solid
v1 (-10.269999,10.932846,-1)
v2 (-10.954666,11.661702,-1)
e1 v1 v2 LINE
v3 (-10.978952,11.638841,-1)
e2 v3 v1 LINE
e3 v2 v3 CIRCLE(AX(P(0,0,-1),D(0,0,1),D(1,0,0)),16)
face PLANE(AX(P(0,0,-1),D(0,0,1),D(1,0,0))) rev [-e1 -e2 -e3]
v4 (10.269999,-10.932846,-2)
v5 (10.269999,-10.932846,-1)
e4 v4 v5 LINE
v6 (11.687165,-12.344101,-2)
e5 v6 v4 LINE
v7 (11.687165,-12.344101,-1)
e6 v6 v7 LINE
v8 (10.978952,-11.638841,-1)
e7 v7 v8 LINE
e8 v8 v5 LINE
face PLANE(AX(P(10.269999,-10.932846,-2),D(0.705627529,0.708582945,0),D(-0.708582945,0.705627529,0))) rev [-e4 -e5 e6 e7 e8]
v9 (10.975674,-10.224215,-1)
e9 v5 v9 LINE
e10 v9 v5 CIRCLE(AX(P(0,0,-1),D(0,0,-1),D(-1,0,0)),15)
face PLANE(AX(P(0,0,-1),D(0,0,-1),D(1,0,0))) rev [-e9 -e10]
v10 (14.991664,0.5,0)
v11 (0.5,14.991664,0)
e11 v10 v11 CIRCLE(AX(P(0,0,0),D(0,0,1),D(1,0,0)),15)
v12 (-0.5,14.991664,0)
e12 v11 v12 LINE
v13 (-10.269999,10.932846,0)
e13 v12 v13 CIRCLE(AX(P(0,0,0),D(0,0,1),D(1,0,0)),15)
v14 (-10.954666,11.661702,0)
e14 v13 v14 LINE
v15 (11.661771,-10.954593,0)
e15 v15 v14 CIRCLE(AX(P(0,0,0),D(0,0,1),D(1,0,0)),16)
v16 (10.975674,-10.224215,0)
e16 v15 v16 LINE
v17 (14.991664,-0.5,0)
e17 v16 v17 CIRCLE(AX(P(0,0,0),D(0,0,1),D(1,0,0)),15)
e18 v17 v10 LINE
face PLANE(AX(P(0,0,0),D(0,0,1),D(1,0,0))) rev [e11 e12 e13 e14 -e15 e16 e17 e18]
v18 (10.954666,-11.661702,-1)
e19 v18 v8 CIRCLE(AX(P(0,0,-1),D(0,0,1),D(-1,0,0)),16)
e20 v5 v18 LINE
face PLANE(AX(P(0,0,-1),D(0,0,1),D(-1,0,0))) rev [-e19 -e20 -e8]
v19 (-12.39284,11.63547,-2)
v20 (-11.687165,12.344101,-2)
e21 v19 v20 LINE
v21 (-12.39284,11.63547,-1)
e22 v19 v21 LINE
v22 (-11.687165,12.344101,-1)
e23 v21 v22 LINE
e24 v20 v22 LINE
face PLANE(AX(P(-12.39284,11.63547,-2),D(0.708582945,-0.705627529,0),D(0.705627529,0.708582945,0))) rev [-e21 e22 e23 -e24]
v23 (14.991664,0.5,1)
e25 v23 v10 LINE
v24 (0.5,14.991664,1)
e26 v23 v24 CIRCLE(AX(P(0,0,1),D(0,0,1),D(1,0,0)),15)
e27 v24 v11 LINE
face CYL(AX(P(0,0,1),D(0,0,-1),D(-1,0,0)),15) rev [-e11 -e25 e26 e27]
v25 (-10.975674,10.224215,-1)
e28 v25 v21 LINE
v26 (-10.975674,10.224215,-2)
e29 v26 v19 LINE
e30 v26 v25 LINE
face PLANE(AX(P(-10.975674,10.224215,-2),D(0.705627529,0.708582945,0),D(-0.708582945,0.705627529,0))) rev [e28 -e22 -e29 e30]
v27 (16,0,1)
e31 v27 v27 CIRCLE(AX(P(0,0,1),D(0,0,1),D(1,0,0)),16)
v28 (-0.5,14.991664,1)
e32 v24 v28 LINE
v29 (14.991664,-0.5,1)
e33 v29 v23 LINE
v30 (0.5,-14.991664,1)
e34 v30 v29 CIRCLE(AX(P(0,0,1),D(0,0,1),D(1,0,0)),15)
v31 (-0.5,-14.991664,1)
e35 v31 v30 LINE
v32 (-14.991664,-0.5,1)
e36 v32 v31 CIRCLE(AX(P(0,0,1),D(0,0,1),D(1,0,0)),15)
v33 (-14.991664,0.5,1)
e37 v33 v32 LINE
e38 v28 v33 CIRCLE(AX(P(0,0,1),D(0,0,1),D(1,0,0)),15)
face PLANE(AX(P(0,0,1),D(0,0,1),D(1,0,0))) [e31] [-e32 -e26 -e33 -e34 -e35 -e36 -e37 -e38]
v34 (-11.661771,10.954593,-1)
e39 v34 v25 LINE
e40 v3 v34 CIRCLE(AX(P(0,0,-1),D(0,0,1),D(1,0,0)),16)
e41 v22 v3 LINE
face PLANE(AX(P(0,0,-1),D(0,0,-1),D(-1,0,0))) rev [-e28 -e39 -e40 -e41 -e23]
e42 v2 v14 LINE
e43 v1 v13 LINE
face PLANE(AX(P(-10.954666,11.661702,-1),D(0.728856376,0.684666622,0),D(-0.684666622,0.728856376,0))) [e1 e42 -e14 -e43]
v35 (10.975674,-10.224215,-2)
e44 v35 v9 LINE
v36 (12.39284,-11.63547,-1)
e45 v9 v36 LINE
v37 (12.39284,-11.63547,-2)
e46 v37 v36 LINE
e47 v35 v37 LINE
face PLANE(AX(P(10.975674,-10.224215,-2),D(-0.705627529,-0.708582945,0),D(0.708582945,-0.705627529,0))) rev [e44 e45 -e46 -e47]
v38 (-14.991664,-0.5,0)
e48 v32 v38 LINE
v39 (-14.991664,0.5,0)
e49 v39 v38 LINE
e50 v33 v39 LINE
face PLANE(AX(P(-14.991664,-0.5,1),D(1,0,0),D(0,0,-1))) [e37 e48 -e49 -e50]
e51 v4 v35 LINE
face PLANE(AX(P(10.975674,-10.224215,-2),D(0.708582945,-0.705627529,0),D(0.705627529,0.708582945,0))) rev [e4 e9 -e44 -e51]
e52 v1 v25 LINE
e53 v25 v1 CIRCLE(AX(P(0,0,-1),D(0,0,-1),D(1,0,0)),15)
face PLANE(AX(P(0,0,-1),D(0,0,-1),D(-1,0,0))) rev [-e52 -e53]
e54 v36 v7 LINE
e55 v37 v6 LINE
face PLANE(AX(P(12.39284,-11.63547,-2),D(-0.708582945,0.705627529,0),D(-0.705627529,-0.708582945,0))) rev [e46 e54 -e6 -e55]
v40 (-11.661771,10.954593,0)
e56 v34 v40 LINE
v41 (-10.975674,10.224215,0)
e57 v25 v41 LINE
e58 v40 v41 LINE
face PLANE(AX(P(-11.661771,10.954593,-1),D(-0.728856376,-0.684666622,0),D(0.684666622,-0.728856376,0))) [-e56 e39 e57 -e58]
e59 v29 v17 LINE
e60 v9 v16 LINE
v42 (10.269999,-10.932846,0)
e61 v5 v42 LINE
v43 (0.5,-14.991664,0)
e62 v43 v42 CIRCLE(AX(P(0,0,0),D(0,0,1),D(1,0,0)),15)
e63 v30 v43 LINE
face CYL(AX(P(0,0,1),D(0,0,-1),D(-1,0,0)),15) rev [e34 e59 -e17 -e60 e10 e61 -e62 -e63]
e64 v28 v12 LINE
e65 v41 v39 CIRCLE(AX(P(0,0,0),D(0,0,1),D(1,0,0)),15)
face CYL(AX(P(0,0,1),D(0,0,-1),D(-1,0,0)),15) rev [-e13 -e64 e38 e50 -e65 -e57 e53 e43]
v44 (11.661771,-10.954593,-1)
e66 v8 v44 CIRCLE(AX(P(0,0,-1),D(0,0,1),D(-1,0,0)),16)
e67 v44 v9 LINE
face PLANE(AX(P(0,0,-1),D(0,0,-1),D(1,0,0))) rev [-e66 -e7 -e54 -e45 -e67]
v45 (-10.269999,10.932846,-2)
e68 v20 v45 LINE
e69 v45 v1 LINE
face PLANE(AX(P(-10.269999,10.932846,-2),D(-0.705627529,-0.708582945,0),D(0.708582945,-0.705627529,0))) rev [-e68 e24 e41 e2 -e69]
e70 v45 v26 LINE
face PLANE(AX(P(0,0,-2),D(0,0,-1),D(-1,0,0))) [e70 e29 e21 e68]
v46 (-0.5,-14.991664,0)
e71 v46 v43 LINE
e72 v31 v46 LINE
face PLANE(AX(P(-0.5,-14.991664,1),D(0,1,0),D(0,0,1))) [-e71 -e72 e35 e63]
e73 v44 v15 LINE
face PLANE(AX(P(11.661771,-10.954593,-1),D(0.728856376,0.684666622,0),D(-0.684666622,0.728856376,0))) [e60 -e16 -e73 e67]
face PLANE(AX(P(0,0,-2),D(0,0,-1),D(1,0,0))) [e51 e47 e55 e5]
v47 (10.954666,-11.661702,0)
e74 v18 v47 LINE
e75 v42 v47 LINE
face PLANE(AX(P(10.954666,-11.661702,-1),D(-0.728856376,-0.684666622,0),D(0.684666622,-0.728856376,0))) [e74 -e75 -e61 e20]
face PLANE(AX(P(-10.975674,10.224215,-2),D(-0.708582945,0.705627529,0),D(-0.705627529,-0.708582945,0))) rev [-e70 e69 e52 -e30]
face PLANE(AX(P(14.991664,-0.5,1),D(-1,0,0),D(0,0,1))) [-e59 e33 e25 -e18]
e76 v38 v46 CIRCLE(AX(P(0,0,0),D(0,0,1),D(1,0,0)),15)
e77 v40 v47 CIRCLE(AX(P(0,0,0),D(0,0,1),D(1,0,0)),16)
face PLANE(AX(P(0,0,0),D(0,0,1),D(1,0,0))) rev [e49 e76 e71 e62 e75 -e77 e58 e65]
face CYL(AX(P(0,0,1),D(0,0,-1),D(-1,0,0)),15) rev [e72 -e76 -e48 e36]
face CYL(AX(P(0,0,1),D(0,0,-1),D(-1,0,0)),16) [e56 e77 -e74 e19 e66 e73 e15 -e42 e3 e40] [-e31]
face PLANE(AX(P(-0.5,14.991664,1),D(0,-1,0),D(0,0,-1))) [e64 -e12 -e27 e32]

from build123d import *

# Parameters (mm, degrees)
SKETCH5_R           = 16
BOSS_EXTRUDE1_DEPTH = 1
BOSS_EXTRUDE7_DEPTH = 1
BOSS_EXTRUDE8_DEPTH = 1
CIRPATTERN1_COUNT   = 2


with BuildPart() as part:
    # Sketch5 → Boss-Extrude1 (new body)
    with BuildSketch(Plane.XY):
        Circle(SKETCH5_R)
        with BuildLine():
            Line((-0.5, -14.991664351), (0.5, -14.991664351))
            ThreePointArc((0.5, -14.991664351), (10.606601718, -10.606601718), (14.991664351, -0.5))
            Line((14.991664351, -0.5), (14.991664351, 0.5))
            ThreePointArc((14.991664351, 0.5), (10.606601718, 10.606601718), (0.5, 14.991664351))
            Line((0.5, 14.991664351), (-0.5, 14.991664351))
            ThreePointArc((-0.5, 14.991664351), (-10.606601718, 10.606601718), (-14.991664351, 0.5))
            Line((-14.991664351, 0.5), (-14.991664351, -0.5))
            ThreePointArc((-14.991664351, -0.5), (-10.606601718, -10.606601718), (-0.5, -14.991664351))
        make_face(mode=Mode.SUBTRACT)
    extrude(amount=BOSS_EXTRUDE1_DEPTH)

    # Sketch6 → Boss-Extrude7 (add)
    with BuildSketch(Plane.XY):
        with BuildLine():
            Line((-11.661770518, 10.954593027), (-10.97567443, 10.224214923))
            ThreePointArc((-10.97567443, 10.224214923), (-10.628744174, 10.58441294), (-10.269999326, 10.932845642))
            Line((-10.269999326, 10.932845642), (-10.954665948, 11.661702018))
            ThreePointArc((-10.954665948, 11.661702018), (-11.313743872, 11.313673126), (-11.661770518, 10.954593027))
        make_face()
    boss_extrude7 = extrude(amount=-BOSS_EXTRUDE7_DEPTH)

    # Sketch8 → Boss-Extrude8 (add)
    with BuildSketch(Plane(origin=(0, 0, -1), x_dir=(-1, 0, 0), z_dir=(0, 0, -1))):
        Polygon((10.97567443, 10.224214923), (10.269999326, 10.932845642), (11.687165216, 12.344100701), (12.39284032, 11.635469982), align=None)
    boss_extrude8 = extrude(amount=BOSS_EXTRUDE8_DEPTH)

    # CirPattern1: Boss-Extrude7, Boss-Extrude8 ×2 about axis
    cirpattern1_axis = Axis((0, 0, 0), (0, 0, 1))
    for i in range(1, CIRPATTERN1_COUNT):
        add(boss_extrude7.rotate(cirpattern1_axis, i * 360 / CIRPATTERN1_COUNT))
        add(boss_extrude8.rotate(cirpattern1_axis, i * 360 / CIRPATTERN1_COUNT))


solid = part.part
